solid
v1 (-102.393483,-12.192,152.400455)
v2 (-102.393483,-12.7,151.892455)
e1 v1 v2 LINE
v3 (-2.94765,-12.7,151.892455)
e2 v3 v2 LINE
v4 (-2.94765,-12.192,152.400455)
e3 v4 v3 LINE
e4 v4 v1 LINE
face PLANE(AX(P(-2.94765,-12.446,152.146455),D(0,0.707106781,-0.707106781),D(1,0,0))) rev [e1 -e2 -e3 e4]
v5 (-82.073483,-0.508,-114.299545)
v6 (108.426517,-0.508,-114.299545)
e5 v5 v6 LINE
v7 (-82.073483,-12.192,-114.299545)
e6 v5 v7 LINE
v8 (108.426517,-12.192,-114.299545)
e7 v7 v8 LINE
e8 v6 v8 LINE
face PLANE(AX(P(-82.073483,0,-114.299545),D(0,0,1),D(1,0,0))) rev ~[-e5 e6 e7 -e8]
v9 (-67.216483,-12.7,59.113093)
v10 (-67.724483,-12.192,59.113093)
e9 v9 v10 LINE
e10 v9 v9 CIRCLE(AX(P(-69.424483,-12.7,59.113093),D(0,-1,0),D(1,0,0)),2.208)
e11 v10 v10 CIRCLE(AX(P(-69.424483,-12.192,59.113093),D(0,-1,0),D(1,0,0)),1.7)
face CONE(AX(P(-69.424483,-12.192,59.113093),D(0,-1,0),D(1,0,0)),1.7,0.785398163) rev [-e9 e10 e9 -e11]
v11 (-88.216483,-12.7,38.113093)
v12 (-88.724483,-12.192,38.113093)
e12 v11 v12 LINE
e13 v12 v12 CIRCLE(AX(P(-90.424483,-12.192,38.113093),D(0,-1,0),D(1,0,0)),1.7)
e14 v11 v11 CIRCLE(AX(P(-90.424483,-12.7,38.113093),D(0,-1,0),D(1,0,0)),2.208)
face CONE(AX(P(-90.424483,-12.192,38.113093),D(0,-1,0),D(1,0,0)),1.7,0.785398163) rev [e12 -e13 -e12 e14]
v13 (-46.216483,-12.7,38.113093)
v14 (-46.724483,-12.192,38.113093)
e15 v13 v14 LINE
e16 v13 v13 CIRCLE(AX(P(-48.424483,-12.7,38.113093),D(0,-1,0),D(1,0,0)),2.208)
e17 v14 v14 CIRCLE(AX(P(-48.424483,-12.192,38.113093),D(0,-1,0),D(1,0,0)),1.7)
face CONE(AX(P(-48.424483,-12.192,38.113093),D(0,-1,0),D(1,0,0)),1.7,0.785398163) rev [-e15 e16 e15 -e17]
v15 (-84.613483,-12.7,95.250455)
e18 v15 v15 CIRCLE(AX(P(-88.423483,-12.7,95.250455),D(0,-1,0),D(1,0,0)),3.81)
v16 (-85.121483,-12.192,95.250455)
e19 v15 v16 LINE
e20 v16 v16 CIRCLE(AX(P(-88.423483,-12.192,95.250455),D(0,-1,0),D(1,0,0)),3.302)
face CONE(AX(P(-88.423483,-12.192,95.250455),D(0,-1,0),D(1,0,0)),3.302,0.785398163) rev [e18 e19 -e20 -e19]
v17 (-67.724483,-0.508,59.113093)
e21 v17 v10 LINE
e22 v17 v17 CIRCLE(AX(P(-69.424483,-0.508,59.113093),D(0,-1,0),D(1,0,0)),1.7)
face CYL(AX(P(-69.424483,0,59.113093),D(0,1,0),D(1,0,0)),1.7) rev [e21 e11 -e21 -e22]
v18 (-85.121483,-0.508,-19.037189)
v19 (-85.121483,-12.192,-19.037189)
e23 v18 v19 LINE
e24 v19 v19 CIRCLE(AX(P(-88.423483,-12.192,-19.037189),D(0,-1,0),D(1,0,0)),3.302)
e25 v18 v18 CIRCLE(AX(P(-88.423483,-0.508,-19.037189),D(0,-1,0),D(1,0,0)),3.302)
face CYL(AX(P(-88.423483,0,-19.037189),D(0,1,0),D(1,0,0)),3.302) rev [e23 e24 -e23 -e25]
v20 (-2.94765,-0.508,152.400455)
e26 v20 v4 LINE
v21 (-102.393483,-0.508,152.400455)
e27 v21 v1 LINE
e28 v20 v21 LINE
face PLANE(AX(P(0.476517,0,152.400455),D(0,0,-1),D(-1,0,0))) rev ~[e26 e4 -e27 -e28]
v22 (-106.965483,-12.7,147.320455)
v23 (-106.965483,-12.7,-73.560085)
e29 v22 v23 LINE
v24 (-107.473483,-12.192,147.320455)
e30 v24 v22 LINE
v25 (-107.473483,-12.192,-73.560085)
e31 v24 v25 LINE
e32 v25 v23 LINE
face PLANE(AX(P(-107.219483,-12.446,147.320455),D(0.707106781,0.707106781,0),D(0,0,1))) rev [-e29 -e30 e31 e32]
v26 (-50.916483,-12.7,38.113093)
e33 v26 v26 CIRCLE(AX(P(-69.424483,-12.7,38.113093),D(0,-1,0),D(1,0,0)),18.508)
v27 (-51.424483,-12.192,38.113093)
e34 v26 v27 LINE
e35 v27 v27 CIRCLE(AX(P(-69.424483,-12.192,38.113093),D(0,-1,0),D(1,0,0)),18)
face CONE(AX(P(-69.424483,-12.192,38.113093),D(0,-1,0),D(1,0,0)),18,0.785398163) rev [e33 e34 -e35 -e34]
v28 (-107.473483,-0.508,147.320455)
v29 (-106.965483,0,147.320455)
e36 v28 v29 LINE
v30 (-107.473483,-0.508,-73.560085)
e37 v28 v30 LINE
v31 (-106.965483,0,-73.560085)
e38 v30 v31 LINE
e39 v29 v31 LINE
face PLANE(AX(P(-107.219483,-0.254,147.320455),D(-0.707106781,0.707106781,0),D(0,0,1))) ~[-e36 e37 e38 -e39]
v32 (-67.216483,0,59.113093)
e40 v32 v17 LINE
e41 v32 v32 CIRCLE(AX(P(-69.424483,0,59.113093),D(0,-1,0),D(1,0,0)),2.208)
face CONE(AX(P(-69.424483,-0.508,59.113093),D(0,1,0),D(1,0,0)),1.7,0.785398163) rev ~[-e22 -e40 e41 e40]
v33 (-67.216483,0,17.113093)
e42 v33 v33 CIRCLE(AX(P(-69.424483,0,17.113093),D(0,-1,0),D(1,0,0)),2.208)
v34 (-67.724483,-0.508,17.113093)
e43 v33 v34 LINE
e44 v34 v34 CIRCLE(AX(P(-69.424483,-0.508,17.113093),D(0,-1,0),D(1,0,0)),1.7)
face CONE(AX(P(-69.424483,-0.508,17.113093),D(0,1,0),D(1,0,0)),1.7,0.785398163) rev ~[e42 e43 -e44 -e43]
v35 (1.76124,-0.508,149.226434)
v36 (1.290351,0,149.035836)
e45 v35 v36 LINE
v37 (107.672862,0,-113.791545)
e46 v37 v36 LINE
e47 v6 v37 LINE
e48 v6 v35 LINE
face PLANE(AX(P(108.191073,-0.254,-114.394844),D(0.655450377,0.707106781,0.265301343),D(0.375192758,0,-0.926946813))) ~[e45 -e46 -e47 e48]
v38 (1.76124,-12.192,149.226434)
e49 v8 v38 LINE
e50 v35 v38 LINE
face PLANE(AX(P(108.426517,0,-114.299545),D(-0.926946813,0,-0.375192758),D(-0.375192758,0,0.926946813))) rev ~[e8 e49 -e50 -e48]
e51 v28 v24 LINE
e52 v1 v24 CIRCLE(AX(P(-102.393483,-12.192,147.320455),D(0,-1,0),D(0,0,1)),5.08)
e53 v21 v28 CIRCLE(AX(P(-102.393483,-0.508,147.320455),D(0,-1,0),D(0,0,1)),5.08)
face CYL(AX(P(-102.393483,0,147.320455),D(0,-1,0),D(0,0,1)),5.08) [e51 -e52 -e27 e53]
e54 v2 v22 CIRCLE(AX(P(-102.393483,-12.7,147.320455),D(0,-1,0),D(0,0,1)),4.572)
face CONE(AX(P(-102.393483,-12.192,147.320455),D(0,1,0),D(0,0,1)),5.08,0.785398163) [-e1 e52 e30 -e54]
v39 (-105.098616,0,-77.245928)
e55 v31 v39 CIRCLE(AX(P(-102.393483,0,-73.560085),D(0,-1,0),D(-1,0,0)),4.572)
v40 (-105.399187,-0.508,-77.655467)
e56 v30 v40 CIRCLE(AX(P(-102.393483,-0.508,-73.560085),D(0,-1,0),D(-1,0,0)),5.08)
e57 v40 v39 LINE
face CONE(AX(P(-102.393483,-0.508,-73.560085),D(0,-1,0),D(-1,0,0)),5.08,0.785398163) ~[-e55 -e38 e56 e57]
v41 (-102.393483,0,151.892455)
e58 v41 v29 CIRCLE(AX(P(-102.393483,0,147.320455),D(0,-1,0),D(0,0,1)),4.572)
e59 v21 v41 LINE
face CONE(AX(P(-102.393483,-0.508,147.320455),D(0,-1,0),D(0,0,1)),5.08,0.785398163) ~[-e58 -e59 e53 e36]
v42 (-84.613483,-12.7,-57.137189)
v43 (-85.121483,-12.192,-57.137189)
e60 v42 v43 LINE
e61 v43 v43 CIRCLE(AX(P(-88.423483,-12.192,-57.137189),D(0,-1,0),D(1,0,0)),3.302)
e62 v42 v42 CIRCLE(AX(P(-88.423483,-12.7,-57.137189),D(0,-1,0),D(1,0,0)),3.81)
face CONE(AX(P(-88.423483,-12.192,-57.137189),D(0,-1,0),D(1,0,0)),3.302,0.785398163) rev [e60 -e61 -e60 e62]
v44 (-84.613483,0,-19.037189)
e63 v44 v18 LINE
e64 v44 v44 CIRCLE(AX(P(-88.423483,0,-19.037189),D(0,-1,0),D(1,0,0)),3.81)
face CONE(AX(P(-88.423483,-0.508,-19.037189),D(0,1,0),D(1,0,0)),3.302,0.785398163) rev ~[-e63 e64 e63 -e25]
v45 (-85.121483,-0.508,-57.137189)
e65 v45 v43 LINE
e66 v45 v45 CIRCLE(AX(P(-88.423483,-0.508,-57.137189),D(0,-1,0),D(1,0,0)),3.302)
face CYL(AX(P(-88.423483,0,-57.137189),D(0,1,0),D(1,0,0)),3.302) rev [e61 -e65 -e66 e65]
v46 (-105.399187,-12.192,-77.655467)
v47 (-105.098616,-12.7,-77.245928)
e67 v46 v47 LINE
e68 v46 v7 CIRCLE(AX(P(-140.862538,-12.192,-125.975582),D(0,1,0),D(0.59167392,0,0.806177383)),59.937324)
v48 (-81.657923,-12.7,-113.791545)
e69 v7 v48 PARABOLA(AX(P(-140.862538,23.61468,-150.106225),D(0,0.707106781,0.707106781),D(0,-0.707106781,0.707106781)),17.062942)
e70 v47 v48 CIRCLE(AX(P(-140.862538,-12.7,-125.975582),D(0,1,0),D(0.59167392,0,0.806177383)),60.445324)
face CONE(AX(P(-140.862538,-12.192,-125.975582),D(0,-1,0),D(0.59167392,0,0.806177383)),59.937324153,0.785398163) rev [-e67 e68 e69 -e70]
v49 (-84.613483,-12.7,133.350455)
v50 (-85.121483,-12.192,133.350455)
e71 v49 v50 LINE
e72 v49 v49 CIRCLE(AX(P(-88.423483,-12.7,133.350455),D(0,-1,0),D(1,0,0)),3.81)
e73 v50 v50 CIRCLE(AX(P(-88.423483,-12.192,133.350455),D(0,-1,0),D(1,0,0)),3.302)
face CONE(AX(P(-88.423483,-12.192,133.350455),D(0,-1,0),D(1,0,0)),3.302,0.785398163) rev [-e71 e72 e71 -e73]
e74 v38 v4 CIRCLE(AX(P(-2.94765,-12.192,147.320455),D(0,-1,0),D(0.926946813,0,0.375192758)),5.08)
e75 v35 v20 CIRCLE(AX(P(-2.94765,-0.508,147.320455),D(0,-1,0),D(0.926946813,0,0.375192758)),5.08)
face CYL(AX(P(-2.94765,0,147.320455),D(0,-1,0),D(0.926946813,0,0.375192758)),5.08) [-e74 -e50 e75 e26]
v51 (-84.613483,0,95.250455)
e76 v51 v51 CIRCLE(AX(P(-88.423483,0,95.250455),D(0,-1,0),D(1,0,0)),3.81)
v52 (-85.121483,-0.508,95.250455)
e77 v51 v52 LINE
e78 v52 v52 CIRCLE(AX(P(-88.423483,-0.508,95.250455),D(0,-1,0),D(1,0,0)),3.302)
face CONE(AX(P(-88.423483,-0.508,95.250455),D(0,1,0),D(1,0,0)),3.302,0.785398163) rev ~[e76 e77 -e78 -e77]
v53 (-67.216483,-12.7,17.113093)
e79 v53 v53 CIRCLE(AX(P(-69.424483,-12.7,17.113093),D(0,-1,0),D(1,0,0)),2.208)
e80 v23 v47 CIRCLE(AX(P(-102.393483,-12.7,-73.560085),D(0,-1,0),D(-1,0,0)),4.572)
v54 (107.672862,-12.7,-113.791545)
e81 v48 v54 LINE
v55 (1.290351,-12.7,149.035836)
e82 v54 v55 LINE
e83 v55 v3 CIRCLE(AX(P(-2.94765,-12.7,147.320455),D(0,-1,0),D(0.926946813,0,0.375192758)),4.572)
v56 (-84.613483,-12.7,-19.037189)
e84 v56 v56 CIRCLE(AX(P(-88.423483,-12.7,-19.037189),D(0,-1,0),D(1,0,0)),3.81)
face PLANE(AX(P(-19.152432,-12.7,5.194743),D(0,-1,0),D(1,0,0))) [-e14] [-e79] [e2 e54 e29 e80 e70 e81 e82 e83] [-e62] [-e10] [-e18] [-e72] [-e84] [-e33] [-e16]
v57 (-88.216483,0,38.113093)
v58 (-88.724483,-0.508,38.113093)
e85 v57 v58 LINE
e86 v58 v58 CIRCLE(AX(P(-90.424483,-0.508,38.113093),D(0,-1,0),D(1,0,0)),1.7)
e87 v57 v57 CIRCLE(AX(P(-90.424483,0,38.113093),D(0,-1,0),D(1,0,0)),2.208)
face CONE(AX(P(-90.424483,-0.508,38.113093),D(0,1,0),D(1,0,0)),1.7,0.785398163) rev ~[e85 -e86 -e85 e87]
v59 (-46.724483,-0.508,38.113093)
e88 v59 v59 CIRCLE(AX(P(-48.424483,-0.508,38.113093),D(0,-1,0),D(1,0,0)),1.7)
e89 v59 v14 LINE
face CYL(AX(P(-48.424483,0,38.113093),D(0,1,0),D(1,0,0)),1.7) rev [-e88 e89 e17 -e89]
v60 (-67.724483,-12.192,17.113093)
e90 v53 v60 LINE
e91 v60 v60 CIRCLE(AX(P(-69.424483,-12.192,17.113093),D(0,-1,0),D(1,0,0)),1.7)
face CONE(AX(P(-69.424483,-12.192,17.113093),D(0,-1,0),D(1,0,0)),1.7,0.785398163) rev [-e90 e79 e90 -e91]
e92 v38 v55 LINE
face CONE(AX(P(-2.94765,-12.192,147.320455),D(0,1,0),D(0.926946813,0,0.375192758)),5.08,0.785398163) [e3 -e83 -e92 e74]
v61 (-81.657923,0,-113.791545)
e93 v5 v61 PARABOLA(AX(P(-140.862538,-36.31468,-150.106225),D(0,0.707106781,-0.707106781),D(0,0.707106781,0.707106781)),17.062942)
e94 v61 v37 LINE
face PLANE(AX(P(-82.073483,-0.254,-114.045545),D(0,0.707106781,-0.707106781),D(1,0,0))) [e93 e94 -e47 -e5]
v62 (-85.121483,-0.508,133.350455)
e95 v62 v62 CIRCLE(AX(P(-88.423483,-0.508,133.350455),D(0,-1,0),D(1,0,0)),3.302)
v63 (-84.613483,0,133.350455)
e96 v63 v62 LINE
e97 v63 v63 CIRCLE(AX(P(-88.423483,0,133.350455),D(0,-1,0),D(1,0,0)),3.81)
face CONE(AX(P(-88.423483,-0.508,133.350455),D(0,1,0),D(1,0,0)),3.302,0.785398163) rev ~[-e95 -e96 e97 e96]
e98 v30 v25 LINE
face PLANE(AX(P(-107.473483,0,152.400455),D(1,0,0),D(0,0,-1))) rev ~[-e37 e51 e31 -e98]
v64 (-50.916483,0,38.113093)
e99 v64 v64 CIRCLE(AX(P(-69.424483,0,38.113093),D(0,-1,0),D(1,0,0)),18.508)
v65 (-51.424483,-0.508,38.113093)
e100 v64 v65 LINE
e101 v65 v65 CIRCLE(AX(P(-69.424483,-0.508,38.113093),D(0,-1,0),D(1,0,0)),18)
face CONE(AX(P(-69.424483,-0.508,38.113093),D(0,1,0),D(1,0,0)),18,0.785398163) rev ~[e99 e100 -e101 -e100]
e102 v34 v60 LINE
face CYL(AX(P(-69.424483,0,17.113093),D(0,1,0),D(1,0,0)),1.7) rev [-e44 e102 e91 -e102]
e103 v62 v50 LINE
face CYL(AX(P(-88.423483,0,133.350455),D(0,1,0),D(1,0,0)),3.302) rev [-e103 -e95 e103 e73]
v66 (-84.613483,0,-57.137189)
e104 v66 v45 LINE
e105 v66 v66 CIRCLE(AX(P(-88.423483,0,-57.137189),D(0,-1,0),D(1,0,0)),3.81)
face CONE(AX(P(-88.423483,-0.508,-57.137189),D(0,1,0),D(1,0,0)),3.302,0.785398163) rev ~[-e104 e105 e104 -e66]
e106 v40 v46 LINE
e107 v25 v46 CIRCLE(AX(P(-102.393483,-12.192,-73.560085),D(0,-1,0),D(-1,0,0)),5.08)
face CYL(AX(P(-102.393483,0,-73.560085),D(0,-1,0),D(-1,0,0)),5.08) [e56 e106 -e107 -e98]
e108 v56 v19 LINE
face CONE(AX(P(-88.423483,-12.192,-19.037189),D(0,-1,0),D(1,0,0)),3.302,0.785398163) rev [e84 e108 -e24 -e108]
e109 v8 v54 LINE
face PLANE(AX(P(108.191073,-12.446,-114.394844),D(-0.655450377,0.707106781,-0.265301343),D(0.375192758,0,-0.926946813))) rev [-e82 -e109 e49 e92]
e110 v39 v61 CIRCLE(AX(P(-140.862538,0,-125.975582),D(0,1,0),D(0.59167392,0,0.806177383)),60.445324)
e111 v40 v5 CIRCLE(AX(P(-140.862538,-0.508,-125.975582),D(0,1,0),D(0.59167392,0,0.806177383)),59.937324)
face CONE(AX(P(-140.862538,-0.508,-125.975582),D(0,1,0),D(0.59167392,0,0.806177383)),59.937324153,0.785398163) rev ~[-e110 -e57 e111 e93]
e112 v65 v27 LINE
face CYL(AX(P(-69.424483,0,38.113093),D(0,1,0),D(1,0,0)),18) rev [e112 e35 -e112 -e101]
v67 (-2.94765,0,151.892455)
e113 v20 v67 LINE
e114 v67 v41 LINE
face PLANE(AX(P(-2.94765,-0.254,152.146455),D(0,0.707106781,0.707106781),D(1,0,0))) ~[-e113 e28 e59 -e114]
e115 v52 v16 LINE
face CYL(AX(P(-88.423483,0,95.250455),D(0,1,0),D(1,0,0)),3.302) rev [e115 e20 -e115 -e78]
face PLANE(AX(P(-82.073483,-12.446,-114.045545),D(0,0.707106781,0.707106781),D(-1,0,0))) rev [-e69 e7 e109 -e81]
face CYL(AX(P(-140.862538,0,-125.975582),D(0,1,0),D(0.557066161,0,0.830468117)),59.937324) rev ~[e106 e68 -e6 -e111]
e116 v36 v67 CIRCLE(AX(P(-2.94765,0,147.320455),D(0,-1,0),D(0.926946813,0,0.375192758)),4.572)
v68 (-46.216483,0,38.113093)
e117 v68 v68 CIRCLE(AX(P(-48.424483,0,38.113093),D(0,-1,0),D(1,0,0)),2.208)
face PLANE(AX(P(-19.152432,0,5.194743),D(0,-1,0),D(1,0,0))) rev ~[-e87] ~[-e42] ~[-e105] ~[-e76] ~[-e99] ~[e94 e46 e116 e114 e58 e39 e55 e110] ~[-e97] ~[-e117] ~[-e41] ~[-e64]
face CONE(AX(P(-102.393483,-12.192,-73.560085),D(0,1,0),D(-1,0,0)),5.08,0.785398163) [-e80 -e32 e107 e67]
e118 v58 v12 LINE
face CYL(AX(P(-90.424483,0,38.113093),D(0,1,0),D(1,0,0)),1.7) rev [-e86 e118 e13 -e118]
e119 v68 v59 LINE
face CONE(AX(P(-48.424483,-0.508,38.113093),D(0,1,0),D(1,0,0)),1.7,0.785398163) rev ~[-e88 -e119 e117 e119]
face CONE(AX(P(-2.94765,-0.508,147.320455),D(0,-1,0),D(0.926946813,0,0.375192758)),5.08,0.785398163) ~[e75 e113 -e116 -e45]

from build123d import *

# Parameters (mm, degrees)
F0_R     = 3.302
F0_R_2   = 1.7
F0_R_3   = 18
F1_DEPTH = 12.7
F2_R     = 5.08
F3_SIZE  = 0.508


with BuildPart() as f1:
    # F0 (on Front) → F1 (new body)
    with BuildSketch(Plane.XZ):
        with BuildLine():
            Line((108.426517, -114.299545), (0.476517, 152.400455))
            Line((0.476517, 152.400455), (-107.473483, 152.400455))
            Line((-107.473483, 152.400455), (-107.473483, -76.199545))
            ThreePointArc((-107.473483, -76.199545), (-90.99167, -92.728336), (-82.073483, -114.299545))
            Line((-82.073483, -114.299545), (108.426517, -114.299545))
        make_face()
        with Locations((-88.423483, -57.137189)):
            Circle(F0_R, mode=Mode.SUBTRACT)
        with Locations((-88.423483, -19.037189)):
            Circle(F0_R, mode=Mode.SUBTRACT)
        with Locations((-92.919483, 14.618093)):
            Circle(F0_R_2, mode=Mode.SUBTRACT)
        with Locations((-69.424483, 17.113093)):
            Circle(F0_R_2, mode=Mode.SUBTRACT)
        with Locations((-45.929483, 14.618093)):
            Circle(F0_R_2, mode=Mode.SUBTRACT)
        with Locations((-90.424483, 38.113093)):
            Circle(F0_R_2, mode=Mode.SUBTRACT)
        with Locations((-69.424483, 38.113093)):
            Circle(F0_R_3, mode=Mode.SUBTRACT)
        with Locations((-92.919483, 61.608093)):
            Circle(F0_R_2, mode=Mode.SUBTRACT)
        with Locations((-69.424483, 59.113093)):
            Circle(F0_R_2, mode=Mode.SUBTRACT)
        with Locations((-48.424483, 38.113093)):
            Circle(F0_R_2, mode=Mode.SUBTRACT)
        with Locations((-45.929483, 61.608093)):
            Circle(F0_R_2, mode=Mode.SUBTRACT)
        with Locations((-88.423483, 95.250455)):
            Circle(F0_R, mode=Mode.SUBTRACT)
        with Locations((-88.423483, 133.350455)):
            Circle(F0_R, mode=Mode.SUBTRACT)
        with Locations((-92.919483, 14.618093)):
            Circle(F0_R_2)
        with Locations((-45.929483, 14.618093)):
            Circle(F0_R_2)
        with Locations((-45.929483, 61.608093)):
            Circle(F0_R_2)
        with Locations((-92.919483, 61.608093)):
            Circle(F0_R_2)
    extrude(amount=F1_DEPTH)

    # F2
    f2_edges = [f1.edges().sort_by_distance(p)[0] for p in [
        (-107.473483, -6.35, 152.400455),
        (0.476517, -6.35, 152.400455),
        (-107.473483, -6.35, -76.199545),
    ]]
    fillet(f2_edges, radius=F2_R)

    # F3
    f3_edges = [f1.edges().sort_by_distance(p)[0] for p in [
        (55.093878, -12.7, 17.463445),
        (-0.108282, -12.7, 151.532864),
        (13.176517, -12.7, -114.299545),
        (-52.670567, -12.7, 152.400455),
        (-90.299941, -12.7, -93.790077),
        (-105.985585, -12.7, 150.912558),
        (-106.925335, -12.7, -75.855453),
        (-107.473483, -12.7, 36.880185),
        (-91.725483, -12.7, -57.137189),
        (-91.725483, -12.7, -19.037189),
        (-71.124483, -12.7, 17.113093),
        (-92.124483, -12.7, 38.113093),
        (-87.424483, -12.7, 38.113093),
        (-71.124483, -12.7, 59.113093),
        (-50.124483, -12.7, 38.113093),
        (-91.725483, -12.7, 95.250455),
        (-91.725483, -12.7, 133.350455),
        (55.093878, 0, 17.463445),
        (-0.108282, 0, 151.532864),
        (13.176517, 0, -114.299545),
        (-52.670567, 0, 152.400455),
        (-90.299941, 0, -93.790077),
        (-105.985585, 0, 150.912558),
        (-106.925335, 0, -75.855453),
        (-107.473483, 0, 36.880185),
        (-91.725483, 0, -57.137189),
        (-91.725483, 0, -19.037189),
        (-71.124483, 0, 17.113093),
        (-92.124483, 0, 38.113093),
        (-87.424483, 0, 38.113093),
        (-71.124483, 0, 59.113093),
        (-50.124483, 0, 38.113093),
        (-91.725483, 0, 95.250455),
        (-91.725483, 0, 133.350455),
    ]]
    chamfer(f3_edges, length=F3_SIZE)


solid = f1.part
